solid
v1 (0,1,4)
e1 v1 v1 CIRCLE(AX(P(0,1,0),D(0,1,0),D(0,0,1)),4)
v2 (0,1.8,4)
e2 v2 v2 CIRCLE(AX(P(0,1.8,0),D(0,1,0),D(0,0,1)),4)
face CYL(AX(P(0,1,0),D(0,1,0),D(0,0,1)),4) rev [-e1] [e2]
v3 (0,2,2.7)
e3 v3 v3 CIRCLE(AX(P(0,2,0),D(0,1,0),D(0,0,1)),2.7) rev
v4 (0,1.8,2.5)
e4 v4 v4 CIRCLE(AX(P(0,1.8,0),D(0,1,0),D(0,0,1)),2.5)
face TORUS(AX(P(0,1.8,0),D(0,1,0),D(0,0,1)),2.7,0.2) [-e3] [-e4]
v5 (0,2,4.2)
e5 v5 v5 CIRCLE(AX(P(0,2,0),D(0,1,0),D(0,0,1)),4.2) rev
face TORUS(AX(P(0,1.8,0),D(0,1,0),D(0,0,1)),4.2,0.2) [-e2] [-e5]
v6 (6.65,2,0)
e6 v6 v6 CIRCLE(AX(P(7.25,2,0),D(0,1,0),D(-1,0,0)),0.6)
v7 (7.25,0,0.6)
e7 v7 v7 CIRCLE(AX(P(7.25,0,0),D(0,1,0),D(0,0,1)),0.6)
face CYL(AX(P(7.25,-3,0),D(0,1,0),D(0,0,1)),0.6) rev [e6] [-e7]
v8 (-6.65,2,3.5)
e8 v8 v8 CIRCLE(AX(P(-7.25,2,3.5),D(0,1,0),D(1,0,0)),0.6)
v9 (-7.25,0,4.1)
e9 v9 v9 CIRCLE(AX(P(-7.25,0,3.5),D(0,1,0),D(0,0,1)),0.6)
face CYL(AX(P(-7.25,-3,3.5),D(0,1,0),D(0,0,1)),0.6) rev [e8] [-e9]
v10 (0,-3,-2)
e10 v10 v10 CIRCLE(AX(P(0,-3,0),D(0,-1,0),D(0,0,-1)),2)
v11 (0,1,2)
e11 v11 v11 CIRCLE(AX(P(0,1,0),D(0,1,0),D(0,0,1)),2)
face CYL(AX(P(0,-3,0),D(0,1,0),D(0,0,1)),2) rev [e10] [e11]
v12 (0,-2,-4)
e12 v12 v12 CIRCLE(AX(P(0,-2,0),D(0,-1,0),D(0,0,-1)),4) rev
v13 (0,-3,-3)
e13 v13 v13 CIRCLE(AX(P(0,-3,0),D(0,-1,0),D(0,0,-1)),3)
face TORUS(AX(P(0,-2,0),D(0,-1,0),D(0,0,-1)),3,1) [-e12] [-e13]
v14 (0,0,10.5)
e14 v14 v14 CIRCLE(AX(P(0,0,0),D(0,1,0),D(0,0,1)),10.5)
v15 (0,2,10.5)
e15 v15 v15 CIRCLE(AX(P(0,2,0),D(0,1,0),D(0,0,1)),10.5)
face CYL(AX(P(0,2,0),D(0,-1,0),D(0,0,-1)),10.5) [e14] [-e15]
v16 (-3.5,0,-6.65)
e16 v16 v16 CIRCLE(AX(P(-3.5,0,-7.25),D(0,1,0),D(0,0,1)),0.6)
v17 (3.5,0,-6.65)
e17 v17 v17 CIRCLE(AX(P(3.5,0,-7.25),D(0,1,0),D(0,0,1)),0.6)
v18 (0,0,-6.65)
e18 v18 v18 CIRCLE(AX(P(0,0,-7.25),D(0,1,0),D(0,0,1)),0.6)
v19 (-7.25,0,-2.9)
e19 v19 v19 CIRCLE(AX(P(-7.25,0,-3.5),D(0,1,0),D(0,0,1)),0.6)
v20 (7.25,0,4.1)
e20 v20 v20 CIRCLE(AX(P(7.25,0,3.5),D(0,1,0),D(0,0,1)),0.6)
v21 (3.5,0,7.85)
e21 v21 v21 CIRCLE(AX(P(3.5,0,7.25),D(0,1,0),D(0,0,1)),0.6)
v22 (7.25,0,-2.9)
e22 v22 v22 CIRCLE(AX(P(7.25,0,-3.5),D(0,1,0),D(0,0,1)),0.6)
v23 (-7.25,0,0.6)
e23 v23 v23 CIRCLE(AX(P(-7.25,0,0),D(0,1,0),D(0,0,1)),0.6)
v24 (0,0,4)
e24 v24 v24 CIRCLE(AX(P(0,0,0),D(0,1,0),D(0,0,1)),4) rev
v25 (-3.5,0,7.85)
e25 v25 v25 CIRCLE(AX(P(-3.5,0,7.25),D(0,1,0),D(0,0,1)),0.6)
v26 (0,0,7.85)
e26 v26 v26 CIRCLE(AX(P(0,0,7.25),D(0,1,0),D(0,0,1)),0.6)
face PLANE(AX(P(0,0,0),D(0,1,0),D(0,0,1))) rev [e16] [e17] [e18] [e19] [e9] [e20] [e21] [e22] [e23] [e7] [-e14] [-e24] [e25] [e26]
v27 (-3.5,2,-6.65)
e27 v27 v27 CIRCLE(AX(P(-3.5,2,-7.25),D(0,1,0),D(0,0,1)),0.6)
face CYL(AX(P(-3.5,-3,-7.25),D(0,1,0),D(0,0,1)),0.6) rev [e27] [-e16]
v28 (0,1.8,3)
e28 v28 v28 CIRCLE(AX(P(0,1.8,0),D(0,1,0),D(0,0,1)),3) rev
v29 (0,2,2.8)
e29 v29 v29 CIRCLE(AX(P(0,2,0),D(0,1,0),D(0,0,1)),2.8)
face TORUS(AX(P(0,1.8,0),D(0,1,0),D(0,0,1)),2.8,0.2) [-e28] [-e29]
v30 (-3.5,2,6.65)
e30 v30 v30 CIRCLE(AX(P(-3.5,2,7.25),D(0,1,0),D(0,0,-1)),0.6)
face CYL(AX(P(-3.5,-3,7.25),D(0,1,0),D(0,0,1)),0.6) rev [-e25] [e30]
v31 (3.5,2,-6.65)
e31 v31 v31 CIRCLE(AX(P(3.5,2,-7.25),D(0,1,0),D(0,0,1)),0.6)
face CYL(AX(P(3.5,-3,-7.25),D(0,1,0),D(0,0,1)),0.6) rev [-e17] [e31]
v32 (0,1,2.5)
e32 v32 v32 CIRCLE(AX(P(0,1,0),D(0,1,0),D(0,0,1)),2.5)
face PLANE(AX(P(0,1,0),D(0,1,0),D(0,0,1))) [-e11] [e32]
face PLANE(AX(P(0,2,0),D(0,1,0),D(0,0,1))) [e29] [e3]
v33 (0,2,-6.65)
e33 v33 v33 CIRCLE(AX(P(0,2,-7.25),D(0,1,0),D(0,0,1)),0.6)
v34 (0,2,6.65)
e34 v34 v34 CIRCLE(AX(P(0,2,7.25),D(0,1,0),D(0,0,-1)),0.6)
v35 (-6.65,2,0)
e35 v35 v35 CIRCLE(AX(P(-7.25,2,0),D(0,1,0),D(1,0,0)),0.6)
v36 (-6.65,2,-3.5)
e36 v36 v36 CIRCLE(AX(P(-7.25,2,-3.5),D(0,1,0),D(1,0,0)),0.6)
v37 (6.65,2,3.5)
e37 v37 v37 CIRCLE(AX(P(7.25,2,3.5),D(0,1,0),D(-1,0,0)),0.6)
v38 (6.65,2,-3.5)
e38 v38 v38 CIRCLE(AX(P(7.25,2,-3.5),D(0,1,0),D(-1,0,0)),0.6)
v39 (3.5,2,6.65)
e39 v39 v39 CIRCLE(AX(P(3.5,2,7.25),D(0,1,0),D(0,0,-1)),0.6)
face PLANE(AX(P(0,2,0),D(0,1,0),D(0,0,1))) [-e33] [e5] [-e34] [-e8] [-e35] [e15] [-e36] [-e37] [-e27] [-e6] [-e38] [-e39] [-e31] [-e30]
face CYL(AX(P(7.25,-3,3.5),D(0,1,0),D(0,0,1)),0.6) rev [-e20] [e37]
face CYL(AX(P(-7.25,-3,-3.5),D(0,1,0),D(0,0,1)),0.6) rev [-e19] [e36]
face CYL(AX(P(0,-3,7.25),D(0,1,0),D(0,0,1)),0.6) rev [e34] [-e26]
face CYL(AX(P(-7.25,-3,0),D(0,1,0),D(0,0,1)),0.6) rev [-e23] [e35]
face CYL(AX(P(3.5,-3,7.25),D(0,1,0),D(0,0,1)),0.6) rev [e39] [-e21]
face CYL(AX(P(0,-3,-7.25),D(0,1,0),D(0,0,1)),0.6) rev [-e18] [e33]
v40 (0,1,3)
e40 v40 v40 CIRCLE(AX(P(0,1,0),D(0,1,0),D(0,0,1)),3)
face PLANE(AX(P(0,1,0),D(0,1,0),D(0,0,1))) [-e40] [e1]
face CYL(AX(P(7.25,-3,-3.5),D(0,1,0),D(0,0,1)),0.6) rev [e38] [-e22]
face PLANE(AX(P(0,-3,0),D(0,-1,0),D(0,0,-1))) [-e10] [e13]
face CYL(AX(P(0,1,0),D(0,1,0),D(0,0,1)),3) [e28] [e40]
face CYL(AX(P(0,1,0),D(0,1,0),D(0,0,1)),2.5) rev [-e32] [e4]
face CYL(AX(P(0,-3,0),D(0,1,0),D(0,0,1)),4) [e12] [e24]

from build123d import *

# Parameters (mm, degrees)
CROQUIS1_R              = 10.5
SALIENTE_EXTRUIR1_DEPTH = 2
CROQUIS2_R              = 4
CROQUIS2_R_2            = 2
SALIENTE_EXTRUIR2_DEPTH = 3
REDONDEO1_R             = 1
CROQUIS3_R              = 4
CROQUIS3_R_2            = 3
CORTAR_EXTRUIR1_DEPTH   = 1
CROQUIS4_R              = 2
CORTAR_EXTRUIR2_DEPTH   = 3
CROQUIS5_R              = 2.5
CORTAR_EXTRUIR3_DEPTH   = 1
CROQUIS6_R              = 0.6
CORTAR_EXTRUIR4_DEPTH   = 6
MATRIZC1_COUNT          = 4
REDONDEO2_R             = 0.2


with BuildPart() as part:
    # Croquis1 → Saliente-Extruir1 (new body)
    with BuildSketch(Plane(origin=(0, 0, 0), x_dir=(1, 0, 0), z_dir=(0, 1, 0))):
        Circle(CROQUIS1_R)
    extrude(amount=SALIENTE_EXTRUIR1_DEPTH)

    # Croquis2 → Saliente-Extruir2 (add)
    with BuildSketch(Plane.XZ):
        Circle(CROQUIS2_R)
        Circle(CROQUIS2_R_2, mode=Mode.SUBTRACT)
    extrude(amount=SALIENTE_EXTRUIR2_DEPTH)

    # Redondeo1
    redondeo1_edges = [part.edges().sort_by_distance(p)[0] for p in [
        (-4, -3, 0),
    ]]
    fillet(redondeo1_edges, radius=REDONDEO1_R)

    # Croquis3 → Cortar-Extruir1 (cut)
    with BuildSketch(Plane(origin=(0, 2, 0), x_dir=(1, 0, 0), z_dir=(0, 1, 0))):
        Circle(CROQUIS3_R)
        Circle(CROQUIS3_R_2, mode=Mode.SUBTRACT)
    extrude(amount=-CORTAR_EXTRUIR1_DEPTH, mode=Mode.SUBTRACT)

    # Croquis4 → Cortar-Extruir2 (cut)
    with BuildSketch(Plane(origin=(0, 2, 0), x_dir=(1, 0, 0), z_dir=(0, 1, 0))):
        Circle(CROQUIS4_R)
    extrude(amount=-CORTAR_EXTRUIR2_DEPTH, mode=Mode.SUBTRACT)

    # Croquis5 → Cortar-Extruir3 (cut)
    with BuildSketch(Plane(origin=(0, 2, 0), x_dir=(1, 0, 0), z_dir=(0, 1, 0))):
        Circle(CROQUIS5_R)
    extrude(amount=-CORTAR_EXTRUIR3_DEPTH, mode=Mode.SUBTRACT)

    # Croquis6 → Cortar-Extruir4 (cut, through all)
    with BuildSketch(Plane(origin=(0, 2, 0), x_dir=(1, 0, 0), z_dir=(0, 1, 0))):
        with Locations((0, 7.25)):
            Circle(CROQUIS6_R)
        with Locations((3.5, 7.25)):
            Circle(CROQUIS6_R)
        with Locations((-3.5, 7.25)):
            Circle(CROQUIS6_R)
    cortar_extruir4 = extrude(amount=-CORTAR_EXTRUIR4_DEPTH, mode=Mode.SUBTRACT)

    # MatrizC1: Cortar-Extruir4 ×4 about axis
    matrizc1_axis = Axis((0, 0, 0), (0, 1, 0))
    for i in range(1, MATRIZC1_COUNT):
        add(cortar_extruir4.rotate(matrizc1_axis, i * 360 / MATRIZC1_COUNT), mode=Mode.SUBTRACT)

    # Redondeo2
    redondeo2_edges = [part.edges().sort_by_distance(p)[0] for p in [
        (-4, 2, 0),
        (-3, 2, 0),
        (-2.5, 2, 0),
    ]]
    fillet(redondeo2_edges, radius=REDONDEO2_R)


solid = part.part
